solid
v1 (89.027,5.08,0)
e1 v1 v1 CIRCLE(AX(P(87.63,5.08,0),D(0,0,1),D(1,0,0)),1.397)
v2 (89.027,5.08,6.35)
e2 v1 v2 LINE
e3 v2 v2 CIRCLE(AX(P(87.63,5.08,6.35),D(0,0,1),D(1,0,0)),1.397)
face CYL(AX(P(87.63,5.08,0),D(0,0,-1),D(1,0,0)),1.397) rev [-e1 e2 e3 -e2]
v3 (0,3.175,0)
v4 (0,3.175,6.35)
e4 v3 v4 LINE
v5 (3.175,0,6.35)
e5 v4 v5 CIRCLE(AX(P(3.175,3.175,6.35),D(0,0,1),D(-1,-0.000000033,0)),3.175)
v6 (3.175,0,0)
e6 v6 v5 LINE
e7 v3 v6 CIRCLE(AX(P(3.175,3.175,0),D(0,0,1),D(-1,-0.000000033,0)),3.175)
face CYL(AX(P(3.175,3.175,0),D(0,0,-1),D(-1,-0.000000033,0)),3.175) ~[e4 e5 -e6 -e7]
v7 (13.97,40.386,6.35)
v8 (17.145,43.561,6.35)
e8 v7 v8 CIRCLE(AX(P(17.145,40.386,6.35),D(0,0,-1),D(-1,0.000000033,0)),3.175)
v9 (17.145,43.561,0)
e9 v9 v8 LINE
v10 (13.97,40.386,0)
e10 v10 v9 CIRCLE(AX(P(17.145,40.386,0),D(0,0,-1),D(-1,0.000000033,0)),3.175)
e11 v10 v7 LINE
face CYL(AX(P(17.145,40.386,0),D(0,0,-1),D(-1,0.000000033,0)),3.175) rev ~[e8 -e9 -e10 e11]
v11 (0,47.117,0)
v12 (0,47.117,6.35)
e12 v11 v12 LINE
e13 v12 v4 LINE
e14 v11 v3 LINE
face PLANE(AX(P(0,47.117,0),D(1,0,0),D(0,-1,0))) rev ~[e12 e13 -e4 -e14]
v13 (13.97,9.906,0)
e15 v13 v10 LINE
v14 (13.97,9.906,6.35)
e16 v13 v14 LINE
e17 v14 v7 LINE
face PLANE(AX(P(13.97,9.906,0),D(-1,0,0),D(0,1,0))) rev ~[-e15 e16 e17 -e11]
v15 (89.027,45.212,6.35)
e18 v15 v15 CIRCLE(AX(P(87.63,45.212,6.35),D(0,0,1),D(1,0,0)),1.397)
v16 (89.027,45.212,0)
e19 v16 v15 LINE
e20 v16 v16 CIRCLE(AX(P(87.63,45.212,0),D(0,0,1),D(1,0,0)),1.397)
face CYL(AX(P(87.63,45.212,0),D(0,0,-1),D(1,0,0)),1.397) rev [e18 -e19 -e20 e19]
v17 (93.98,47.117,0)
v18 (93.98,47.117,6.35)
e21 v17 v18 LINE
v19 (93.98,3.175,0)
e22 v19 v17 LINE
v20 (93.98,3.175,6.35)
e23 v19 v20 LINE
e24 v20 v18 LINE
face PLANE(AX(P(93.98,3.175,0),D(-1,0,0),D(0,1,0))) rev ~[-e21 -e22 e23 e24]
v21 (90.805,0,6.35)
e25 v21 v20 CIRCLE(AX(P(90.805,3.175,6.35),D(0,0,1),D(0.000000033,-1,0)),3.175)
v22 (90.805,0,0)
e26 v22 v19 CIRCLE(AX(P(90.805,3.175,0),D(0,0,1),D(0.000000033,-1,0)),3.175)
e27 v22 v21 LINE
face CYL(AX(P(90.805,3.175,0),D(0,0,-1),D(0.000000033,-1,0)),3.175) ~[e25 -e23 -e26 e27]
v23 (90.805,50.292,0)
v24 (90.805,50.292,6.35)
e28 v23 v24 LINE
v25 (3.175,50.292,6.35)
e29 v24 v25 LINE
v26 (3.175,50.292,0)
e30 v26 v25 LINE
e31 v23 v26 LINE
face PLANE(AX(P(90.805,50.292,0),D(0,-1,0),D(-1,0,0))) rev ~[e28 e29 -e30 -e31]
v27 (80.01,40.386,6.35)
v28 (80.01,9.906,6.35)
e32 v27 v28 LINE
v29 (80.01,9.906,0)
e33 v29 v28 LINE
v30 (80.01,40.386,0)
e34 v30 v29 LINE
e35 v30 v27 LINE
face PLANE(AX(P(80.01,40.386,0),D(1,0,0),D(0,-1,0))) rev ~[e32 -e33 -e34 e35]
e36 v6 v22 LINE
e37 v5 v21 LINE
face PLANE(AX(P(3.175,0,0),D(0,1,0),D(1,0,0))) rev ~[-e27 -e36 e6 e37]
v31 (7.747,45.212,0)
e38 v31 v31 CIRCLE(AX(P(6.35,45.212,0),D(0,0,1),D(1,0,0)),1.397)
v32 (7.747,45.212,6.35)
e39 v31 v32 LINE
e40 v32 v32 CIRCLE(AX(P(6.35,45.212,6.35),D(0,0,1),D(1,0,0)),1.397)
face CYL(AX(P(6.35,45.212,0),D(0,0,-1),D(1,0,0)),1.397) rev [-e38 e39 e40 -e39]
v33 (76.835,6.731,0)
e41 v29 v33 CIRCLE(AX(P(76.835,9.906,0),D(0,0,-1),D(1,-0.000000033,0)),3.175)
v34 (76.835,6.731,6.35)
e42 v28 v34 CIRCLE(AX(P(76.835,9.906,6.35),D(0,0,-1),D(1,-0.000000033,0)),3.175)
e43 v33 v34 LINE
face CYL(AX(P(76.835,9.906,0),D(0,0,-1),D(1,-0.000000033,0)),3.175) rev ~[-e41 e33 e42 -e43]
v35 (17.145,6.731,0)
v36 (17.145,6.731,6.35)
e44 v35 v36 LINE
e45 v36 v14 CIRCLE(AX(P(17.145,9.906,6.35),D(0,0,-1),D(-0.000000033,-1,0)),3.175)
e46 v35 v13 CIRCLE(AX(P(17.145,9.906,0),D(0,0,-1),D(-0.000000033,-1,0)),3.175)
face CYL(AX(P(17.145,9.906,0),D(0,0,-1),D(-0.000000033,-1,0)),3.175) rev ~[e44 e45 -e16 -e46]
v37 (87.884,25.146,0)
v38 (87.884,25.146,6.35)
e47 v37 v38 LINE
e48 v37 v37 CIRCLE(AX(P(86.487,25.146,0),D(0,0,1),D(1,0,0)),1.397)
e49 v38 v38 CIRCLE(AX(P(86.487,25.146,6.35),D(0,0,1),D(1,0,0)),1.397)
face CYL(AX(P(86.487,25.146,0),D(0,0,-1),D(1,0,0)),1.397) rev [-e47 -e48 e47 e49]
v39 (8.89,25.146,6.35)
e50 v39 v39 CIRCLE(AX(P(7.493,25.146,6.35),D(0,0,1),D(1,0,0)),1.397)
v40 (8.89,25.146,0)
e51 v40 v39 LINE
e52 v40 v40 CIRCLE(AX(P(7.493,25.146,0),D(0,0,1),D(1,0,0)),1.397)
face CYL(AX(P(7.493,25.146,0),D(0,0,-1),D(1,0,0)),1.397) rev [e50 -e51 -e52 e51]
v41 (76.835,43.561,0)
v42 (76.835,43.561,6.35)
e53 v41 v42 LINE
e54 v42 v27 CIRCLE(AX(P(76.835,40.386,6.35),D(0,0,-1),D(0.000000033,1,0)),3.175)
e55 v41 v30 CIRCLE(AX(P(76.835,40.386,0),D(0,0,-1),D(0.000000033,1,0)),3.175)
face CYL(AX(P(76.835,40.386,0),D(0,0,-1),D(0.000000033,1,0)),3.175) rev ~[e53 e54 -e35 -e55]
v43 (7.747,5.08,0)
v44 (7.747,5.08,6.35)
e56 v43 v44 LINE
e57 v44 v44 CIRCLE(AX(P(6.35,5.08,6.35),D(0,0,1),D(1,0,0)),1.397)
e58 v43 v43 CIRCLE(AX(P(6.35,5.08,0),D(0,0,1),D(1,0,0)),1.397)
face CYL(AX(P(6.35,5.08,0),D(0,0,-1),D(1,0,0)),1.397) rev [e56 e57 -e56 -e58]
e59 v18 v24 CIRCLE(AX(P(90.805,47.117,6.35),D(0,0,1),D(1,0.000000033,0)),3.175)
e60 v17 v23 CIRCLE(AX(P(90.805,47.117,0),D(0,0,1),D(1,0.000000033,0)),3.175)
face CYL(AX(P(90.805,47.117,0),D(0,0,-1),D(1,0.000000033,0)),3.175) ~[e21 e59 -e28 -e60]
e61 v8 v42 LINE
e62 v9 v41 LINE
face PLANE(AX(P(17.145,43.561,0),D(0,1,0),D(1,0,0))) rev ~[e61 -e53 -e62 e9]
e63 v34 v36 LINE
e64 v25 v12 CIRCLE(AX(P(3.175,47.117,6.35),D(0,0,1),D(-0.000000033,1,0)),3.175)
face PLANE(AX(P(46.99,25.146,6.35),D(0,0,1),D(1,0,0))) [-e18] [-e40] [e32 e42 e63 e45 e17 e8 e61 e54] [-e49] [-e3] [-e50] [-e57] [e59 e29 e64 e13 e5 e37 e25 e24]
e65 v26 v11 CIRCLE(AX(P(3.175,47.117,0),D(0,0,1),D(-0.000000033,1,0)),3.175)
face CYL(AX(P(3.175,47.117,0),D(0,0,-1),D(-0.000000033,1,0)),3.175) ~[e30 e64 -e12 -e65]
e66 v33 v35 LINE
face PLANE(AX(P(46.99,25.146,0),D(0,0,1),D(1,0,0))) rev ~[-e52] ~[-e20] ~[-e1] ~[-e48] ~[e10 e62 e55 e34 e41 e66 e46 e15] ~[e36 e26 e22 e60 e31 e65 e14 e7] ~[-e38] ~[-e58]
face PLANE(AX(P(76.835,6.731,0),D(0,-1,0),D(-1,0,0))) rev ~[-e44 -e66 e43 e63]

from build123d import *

# Parameters (mm, degrees)
F0_R     = 1.397
F1_DEPTH = 6.35


with BuildPart() as f1:
    # F0 (on Top) → F1 (new body)
    with BuildSketch(Plane.XY):
        with BuildLine():
            ThreePointArc((0, 3.175), (0.929936, 0.929936), (3.175, 0))
            Line((3.175, 0), (90.805, 0))
            ThreePointArc((90.805, 0), (93.050064, 0.929936), (93.98, 3.175))
            Line((93.98, 3.175), (93.98, 47.117))
            ThreePointArc((93.98, 47.117), (93.050064, 49.362064), (90.805, 50.292))
            Line((90.805, 50.292), (3.175, 50.292))
            ThreePointArc((3.175, 50.292), (0.929936, 49.362064), (0, 47.117))
            Line((0, 47.117), (0, 3.175))
        make_face()
        with Locations((6.35, 5.08)):
            Circle(F0_R, mode=Mode.SUBTRACT)
        with Locations((7.493, 25.146)):
            Circle(F0_R, mode=Mode.SUBTRACT)
        with BuildLine():
            Line((76.835, 6.731), (17.145, 6.731))
            ThreePointArc((17.145, 6.731), (14.899936, 7.660936), (13.97, 9.906))
            Line((13.97, 9.906), (13.97, 40.386))
            ThreePointArc((13.97, 40.386), (14.899936, 42.631064), (17.145, 43.561))
            Line((17.145, 43.561), (76.835, 43.561))
            ThreePointArc((76.835, 43.561), (79.080064, 42.631064), (80.01, 40.386))
            Line((80.01, 40.386), (80.01, 9.906))
            ThreePointArc((80.01, 9.906), (79.080064, 7.660936), (76.835, 6.731))
        make_face(mode=Mode.SUBTRACT)
        with Locations((87.63, 5.08)):
            Circle(F0_R, mode=Mode.SUBTRACT)
        with Locations((86.487, 25.146)):
            Circle(F0_R, mode=Mode.SUBTRACT)
        with Locations((6.35, 45.212)):
            Circle(F0_R, mode=Mode.SUBTRACT)
        with Locations((87.63, 45.212)):
            Circle(F0_R, mode=Mode.SUBTRACT)
    extrude(amount=F1_DEPTH)


solid = f1.part
